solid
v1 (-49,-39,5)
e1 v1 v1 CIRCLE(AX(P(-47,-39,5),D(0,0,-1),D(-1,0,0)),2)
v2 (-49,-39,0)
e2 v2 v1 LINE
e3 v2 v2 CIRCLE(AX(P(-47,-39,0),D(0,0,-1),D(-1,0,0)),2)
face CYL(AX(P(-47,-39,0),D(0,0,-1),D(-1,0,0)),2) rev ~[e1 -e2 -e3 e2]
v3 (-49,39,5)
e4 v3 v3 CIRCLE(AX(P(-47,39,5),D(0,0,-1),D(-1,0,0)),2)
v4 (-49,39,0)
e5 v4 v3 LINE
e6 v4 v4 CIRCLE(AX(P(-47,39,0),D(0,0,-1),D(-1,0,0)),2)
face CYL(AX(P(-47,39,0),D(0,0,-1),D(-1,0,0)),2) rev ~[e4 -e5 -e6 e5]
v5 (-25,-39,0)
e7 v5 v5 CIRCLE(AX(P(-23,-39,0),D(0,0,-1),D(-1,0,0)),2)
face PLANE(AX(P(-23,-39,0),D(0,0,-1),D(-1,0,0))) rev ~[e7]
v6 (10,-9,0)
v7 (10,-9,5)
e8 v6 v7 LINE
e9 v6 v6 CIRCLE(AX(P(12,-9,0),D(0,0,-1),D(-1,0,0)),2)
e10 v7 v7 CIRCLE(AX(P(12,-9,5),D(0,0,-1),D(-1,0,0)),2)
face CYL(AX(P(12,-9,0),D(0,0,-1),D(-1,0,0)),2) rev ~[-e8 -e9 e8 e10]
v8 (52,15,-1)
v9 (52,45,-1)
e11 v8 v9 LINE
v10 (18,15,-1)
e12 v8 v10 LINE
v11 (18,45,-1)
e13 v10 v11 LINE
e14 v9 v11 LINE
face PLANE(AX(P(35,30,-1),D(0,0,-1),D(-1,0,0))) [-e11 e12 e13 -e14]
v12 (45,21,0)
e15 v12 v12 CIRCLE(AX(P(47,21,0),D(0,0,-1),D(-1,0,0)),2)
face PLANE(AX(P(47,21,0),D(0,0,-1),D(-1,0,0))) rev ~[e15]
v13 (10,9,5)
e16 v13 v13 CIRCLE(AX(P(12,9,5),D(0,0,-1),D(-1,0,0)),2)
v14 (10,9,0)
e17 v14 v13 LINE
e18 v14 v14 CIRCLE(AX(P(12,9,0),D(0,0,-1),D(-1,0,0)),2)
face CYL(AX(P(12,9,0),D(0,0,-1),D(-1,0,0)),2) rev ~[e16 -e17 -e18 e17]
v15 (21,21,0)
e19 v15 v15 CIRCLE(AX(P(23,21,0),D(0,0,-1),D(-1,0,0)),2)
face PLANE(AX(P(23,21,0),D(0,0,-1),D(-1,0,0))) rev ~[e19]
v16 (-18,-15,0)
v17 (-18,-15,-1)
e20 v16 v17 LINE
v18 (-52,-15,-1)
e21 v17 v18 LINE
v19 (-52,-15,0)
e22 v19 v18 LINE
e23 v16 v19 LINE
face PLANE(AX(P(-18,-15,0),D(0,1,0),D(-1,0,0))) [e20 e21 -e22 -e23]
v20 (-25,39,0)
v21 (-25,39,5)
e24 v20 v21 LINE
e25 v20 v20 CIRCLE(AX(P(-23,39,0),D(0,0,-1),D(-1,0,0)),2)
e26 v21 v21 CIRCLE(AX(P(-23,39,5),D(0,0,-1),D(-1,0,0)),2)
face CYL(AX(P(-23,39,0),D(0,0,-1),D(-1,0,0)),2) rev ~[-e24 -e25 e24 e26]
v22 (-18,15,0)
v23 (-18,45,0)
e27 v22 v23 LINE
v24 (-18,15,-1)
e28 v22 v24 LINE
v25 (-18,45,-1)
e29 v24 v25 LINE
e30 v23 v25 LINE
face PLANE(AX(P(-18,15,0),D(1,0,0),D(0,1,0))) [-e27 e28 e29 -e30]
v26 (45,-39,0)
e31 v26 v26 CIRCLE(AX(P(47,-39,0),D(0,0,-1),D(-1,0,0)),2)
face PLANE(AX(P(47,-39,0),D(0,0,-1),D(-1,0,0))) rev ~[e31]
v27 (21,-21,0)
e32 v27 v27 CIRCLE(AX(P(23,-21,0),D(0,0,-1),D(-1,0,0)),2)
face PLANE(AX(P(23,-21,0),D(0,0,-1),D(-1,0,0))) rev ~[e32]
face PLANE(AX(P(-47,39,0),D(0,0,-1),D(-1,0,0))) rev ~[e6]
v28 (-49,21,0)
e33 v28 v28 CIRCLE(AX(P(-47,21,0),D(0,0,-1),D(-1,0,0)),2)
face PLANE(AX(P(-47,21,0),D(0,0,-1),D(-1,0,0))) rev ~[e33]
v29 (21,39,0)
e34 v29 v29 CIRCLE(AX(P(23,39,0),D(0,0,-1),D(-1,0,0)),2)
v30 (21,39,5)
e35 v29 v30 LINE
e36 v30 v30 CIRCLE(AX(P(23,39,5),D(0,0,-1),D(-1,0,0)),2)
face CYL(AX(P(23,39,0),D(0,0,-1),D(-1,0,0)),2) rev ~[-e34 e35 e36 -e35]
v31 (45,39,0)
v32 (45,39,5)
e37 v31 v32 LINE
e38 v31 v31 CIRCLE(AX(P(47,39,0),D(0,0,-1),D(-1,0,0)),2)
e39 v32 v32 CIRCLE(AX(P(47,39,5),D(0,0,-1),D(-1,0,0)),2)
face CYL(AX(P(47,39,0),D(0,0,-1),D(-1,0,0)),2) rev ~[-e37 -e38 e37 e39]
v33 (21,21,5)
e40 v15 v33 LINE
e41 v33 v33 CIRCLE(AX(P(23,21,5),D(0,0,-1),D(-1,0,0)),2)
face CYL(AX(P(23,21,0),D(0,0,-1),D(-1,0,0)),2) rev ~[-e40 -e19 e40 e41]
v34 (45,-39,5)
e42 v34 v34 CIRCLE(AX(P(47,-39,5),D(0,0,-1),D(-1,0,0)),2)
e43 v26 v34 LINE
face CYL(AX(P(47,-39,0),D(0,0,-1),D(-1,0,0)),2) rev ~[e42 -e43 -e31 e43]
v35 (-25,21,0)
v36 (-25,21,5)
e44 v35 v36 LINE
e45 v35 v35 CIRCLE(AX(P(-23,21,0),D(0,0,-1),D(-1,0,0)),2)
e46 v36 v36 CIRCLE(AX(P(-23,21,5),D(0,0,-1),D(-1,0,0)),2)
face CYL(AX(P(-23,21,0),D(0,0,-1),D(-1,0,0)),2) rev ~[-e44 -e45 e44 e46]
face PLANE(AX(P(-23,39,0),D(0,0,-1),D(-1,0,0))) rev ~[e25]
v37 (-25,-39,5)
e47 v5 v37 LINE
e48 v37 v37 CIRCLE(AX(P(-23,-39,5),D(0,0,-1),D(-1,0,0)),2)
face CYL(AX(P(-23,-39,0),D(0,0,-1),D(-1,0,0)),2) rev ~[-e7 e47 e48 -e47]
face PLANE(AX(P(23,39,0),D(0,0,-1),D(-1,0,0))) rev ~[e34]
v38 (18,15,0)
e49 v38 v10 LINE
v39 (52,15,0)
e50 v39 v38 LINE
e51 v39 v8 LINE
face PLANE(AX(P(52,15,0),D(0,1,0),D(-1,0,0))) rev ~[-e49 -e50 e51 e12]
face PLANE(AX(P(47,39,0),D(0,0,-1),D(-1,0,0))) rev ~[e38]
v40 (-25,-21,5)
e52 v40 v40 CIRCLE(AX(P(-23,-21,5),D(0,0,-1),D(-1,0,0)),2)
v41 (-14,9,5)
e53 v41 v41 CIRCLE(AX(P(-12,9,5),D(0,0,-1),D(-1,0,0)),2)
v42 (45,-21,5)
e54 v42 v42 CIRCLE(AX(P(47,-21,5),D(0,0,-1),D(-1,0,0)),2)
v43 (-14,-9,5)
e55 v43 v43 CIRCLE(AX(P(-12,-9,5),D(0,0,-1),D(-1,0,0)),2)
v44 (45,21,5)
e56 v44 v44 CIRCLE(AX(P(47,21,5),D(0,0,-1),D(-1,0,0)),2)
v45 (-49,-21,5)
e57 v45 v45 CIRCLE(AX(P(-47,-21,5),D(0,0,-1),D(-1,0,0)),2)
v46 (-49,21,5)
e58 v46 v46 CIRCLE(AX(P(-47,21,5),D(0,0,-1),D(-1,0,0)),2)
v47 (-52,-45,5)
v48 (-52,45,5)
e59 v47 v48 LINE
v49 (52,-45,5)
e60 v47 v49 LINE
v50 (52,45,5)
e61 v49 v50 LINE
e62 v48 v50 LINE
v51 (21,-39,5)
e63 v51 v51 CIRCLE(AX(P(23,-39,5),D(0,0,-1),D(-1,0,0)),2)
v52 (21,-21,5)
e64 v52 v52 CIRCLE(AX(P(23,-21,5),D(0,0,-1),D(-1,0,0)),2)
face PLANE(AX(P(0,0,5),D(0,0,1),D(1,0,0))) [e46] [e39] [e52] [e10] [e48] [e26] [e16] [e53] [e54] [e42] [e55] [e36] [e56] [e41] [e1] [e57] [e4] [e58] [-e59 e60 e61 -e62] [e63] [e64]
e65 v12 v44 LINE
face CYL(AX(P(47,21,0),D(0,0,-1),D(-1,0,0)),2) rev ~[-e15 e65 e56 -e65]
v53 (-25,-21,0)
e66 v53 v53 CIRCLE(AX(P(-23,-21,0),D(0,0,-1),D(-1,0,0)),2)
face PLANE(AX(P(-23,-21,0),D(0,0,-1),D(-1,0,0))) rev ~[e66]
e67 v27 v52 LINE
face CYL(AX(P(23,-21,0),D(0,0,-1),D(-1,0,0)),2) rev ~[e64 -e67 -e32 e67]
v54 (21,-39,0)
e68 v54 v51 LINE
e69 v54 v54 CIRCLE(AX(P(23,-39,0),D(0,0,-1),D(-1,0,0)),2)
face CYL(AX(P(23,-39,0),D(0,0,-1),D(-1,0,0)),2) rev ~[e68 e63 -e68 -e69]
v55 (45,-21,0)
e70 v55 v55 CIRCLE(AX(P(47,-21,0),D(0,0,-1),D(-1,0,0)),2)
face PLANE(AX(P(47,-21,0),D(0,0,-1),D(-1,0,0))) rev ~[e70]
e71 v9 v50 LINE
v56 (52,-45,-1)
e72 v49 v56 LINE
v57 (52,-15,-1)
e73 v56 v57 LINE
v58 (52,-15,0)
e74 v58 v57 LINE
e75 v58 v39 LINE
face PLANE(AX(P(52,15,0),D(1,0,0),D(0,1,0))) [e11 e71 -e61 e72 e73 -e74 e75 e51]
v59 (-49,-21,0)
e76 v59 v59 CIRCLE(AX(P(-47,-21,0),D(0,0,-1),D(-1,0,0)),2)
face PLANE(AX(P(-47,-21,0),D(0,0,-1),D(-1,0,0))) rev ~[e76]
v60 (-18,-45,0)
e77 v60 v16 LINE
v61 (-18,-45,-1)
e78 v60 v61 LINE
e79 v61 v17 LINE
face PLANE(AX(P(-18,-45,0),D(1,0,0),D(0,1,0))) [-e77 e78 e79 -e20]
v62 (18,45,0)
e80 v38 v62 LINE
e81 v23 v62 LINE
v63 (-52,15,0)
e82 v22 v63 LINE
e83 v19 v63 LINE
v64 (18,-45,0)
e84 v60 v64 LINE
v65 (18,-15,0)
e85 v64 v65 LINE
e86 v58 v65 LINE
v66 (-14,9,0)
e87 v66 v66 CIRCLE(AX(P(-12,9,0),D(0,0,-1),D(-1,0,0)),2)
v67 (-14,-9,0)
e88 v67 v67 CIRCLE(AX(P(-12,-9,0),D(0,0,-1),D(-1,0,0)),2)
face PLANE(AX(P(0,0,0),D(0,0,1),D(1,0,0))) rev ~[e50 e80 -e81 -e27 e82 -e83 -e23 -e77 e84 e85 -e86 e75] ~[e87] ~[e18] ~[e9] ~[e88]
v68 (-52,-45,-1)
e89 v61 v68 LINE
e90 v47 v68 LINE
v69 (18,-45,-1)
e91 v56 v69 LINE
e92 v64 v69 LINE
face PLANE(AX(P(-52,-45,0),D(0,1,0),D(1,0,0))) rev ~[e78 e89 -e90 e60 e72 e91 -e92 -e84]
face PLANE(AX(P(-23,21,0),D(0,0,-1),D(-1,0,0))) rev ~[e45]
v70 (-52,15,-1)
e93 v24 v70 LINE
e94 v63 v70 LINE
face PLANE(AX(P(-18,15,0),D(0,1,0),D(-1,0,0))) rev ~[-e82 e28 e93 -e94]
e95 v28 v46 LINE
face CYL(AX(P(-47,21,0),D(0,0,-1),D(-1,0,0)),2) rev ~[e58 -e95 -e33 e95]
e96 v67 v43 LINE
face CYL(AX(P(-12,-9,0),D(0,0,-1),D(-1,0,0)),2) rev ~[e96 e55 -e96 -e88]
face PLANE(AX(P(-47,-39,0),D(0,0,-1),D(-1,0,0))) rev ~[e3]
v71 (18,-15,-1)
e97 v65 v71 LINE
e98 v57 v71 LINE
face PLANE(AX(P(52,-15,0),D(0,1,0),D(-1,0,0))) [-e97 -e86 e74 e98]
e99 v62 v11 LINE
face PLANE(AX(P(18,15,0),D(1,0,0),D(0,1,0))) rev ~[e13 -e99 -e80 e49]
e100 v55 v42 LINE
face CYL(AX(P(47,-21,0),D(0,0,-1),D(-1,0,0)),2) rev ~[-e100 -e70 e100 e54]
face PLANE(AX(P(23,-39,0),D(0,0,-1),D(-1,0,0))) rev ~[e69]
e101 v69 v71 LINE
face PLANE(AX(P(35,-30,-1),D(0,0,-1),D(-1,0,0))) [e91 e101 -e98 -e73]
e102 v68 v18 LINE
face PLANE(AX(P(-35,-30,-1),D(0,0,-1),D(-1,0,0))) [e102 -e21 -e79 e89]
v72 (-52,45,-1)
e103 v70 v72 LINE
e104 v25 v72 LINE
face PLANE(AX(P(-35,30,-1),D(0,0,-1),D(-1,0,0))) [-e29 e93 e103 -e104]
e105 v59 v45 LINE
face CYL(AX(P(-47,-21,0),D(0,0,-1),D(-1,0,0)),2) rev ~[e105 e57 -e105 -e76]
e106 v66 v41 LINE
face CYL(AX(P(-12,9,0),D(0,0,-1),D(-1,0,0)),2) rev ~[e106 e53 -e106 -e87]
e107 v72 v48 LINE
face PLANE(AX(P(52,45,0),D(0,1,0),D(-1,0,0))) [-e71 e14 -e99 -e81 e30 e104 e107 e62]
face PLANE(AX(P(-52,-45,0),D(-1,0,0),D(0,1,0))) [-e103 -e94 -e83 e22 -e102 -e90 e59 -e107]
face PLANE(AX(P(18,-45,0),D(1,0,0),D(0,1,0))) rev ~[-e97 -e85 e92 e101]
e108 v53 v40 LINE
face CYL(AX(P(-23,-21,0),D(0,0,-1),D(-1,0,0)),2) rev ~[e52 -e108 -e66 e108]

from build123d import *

# Parameters (mm, degrees)
CROQUIS1_W              = 104
CROQUIS1_H              = 90
SALIENTE_EXTRUIR1_DEPTH = 5
CROQUIS3_W              = 34
CROQUIS3_H              = 30
SALIENTE_EXTRUIR2_DEPTH = 1
SKETCH1_R               = 2
CUT_EXTRUDE1_DEPTH      = 5


with BuildPart() as part:
    # Croquis1 → Saliente-Extruir1 (new body)
    with BuildSketch(Plane.XY):
        Rectangle(CROQUIS1_W, CROQUIS1_H)
    extrude(amount=SALIENTE_EXTRUIR1_DEPTH)

    # Croquis3 → Saliente-Extruir2 (add)
    with BuildSketch(Plane(origin=(0, 0, 0), x_dir=(-1, 0, 0), z_dir=(0, 0, -1))):
        with Locations((-35, 30)):
            Rectangle(CROQUIS3_W, CROQUIS3_H)
        with Locations((-35, -30)):
            Rectangle(CROQUIS3_W, CROQUIS3_H)
        with Locations((35, 30)):
            Rectangle(CROQUIS3_W, CROQUIS3_H)
        with Locations((35, -30)):
            Rectangle(CROQUIS3_W, CROQUIS3_H)
    extrude(amount=SALIENTE_EXTRUIR2_DEPTH)

    # Sketch1 → Cut-Extrude1 (cut)
    with BuildSketch(Plane(origin=(0, 0, 0), x_dir=(-1, 0, 0), z_dir=(0, 0, -1))):
        with Locations((-47, 39)):
            Circle(SKETCH1_R)
        with Locations((-23, 39)):
            Circle(SKETCH1_R)
        with Locations((-47, 21)):
            Circle(SKETCH1_R)
        with Locations((-23, 21)):
            Circle(SKETCH1_R)
        with Locations((23, 39)):
            Circle(SKETCH1_R)
        with Locations((23, 21)):
            Circle(SKETCH1_R)
        with Locations((47, 21)):
            Circle(SKETCH1_R)
        with Locations((47, 39)):
            Circle(SKETCH1_R)
        with Locations((23, -21)):
            Circle(SKETCH1_R)
        with Locations((23, -39)):
            Circle(SKETCH1_R)
        with Locations((47, -39)):
            Circle(SKETCH1_R)
        with Locations((47, -21)):
            Circle(SKETCH1_R)
        with Locations((-23, -21)):
            Circle(SKETCH1_R)
        with Locations((-23, -39)):
            Circle(SKETCH1_R)
        with Locations((-47, -39)):
            Circle(SKETCH1_R)
        with Locations((-47, -21)):
            Circle(SKETCH1_R)
        with Locations((-12, 9)):
            Circle(SKETCH1_R)
        with Locations((-12, -9)):
            Circle(SKETCH1_R)
        with Locations((12, -9)):
            Circle(SKETCH1_R)
        with Locations((12, 9)):
            Circle(SKETCH1_R)
    extrude(amount=-CUT_EXTRUDE1_DEPTH, mode=Mode.SUBTRACT)


solid = part.part
